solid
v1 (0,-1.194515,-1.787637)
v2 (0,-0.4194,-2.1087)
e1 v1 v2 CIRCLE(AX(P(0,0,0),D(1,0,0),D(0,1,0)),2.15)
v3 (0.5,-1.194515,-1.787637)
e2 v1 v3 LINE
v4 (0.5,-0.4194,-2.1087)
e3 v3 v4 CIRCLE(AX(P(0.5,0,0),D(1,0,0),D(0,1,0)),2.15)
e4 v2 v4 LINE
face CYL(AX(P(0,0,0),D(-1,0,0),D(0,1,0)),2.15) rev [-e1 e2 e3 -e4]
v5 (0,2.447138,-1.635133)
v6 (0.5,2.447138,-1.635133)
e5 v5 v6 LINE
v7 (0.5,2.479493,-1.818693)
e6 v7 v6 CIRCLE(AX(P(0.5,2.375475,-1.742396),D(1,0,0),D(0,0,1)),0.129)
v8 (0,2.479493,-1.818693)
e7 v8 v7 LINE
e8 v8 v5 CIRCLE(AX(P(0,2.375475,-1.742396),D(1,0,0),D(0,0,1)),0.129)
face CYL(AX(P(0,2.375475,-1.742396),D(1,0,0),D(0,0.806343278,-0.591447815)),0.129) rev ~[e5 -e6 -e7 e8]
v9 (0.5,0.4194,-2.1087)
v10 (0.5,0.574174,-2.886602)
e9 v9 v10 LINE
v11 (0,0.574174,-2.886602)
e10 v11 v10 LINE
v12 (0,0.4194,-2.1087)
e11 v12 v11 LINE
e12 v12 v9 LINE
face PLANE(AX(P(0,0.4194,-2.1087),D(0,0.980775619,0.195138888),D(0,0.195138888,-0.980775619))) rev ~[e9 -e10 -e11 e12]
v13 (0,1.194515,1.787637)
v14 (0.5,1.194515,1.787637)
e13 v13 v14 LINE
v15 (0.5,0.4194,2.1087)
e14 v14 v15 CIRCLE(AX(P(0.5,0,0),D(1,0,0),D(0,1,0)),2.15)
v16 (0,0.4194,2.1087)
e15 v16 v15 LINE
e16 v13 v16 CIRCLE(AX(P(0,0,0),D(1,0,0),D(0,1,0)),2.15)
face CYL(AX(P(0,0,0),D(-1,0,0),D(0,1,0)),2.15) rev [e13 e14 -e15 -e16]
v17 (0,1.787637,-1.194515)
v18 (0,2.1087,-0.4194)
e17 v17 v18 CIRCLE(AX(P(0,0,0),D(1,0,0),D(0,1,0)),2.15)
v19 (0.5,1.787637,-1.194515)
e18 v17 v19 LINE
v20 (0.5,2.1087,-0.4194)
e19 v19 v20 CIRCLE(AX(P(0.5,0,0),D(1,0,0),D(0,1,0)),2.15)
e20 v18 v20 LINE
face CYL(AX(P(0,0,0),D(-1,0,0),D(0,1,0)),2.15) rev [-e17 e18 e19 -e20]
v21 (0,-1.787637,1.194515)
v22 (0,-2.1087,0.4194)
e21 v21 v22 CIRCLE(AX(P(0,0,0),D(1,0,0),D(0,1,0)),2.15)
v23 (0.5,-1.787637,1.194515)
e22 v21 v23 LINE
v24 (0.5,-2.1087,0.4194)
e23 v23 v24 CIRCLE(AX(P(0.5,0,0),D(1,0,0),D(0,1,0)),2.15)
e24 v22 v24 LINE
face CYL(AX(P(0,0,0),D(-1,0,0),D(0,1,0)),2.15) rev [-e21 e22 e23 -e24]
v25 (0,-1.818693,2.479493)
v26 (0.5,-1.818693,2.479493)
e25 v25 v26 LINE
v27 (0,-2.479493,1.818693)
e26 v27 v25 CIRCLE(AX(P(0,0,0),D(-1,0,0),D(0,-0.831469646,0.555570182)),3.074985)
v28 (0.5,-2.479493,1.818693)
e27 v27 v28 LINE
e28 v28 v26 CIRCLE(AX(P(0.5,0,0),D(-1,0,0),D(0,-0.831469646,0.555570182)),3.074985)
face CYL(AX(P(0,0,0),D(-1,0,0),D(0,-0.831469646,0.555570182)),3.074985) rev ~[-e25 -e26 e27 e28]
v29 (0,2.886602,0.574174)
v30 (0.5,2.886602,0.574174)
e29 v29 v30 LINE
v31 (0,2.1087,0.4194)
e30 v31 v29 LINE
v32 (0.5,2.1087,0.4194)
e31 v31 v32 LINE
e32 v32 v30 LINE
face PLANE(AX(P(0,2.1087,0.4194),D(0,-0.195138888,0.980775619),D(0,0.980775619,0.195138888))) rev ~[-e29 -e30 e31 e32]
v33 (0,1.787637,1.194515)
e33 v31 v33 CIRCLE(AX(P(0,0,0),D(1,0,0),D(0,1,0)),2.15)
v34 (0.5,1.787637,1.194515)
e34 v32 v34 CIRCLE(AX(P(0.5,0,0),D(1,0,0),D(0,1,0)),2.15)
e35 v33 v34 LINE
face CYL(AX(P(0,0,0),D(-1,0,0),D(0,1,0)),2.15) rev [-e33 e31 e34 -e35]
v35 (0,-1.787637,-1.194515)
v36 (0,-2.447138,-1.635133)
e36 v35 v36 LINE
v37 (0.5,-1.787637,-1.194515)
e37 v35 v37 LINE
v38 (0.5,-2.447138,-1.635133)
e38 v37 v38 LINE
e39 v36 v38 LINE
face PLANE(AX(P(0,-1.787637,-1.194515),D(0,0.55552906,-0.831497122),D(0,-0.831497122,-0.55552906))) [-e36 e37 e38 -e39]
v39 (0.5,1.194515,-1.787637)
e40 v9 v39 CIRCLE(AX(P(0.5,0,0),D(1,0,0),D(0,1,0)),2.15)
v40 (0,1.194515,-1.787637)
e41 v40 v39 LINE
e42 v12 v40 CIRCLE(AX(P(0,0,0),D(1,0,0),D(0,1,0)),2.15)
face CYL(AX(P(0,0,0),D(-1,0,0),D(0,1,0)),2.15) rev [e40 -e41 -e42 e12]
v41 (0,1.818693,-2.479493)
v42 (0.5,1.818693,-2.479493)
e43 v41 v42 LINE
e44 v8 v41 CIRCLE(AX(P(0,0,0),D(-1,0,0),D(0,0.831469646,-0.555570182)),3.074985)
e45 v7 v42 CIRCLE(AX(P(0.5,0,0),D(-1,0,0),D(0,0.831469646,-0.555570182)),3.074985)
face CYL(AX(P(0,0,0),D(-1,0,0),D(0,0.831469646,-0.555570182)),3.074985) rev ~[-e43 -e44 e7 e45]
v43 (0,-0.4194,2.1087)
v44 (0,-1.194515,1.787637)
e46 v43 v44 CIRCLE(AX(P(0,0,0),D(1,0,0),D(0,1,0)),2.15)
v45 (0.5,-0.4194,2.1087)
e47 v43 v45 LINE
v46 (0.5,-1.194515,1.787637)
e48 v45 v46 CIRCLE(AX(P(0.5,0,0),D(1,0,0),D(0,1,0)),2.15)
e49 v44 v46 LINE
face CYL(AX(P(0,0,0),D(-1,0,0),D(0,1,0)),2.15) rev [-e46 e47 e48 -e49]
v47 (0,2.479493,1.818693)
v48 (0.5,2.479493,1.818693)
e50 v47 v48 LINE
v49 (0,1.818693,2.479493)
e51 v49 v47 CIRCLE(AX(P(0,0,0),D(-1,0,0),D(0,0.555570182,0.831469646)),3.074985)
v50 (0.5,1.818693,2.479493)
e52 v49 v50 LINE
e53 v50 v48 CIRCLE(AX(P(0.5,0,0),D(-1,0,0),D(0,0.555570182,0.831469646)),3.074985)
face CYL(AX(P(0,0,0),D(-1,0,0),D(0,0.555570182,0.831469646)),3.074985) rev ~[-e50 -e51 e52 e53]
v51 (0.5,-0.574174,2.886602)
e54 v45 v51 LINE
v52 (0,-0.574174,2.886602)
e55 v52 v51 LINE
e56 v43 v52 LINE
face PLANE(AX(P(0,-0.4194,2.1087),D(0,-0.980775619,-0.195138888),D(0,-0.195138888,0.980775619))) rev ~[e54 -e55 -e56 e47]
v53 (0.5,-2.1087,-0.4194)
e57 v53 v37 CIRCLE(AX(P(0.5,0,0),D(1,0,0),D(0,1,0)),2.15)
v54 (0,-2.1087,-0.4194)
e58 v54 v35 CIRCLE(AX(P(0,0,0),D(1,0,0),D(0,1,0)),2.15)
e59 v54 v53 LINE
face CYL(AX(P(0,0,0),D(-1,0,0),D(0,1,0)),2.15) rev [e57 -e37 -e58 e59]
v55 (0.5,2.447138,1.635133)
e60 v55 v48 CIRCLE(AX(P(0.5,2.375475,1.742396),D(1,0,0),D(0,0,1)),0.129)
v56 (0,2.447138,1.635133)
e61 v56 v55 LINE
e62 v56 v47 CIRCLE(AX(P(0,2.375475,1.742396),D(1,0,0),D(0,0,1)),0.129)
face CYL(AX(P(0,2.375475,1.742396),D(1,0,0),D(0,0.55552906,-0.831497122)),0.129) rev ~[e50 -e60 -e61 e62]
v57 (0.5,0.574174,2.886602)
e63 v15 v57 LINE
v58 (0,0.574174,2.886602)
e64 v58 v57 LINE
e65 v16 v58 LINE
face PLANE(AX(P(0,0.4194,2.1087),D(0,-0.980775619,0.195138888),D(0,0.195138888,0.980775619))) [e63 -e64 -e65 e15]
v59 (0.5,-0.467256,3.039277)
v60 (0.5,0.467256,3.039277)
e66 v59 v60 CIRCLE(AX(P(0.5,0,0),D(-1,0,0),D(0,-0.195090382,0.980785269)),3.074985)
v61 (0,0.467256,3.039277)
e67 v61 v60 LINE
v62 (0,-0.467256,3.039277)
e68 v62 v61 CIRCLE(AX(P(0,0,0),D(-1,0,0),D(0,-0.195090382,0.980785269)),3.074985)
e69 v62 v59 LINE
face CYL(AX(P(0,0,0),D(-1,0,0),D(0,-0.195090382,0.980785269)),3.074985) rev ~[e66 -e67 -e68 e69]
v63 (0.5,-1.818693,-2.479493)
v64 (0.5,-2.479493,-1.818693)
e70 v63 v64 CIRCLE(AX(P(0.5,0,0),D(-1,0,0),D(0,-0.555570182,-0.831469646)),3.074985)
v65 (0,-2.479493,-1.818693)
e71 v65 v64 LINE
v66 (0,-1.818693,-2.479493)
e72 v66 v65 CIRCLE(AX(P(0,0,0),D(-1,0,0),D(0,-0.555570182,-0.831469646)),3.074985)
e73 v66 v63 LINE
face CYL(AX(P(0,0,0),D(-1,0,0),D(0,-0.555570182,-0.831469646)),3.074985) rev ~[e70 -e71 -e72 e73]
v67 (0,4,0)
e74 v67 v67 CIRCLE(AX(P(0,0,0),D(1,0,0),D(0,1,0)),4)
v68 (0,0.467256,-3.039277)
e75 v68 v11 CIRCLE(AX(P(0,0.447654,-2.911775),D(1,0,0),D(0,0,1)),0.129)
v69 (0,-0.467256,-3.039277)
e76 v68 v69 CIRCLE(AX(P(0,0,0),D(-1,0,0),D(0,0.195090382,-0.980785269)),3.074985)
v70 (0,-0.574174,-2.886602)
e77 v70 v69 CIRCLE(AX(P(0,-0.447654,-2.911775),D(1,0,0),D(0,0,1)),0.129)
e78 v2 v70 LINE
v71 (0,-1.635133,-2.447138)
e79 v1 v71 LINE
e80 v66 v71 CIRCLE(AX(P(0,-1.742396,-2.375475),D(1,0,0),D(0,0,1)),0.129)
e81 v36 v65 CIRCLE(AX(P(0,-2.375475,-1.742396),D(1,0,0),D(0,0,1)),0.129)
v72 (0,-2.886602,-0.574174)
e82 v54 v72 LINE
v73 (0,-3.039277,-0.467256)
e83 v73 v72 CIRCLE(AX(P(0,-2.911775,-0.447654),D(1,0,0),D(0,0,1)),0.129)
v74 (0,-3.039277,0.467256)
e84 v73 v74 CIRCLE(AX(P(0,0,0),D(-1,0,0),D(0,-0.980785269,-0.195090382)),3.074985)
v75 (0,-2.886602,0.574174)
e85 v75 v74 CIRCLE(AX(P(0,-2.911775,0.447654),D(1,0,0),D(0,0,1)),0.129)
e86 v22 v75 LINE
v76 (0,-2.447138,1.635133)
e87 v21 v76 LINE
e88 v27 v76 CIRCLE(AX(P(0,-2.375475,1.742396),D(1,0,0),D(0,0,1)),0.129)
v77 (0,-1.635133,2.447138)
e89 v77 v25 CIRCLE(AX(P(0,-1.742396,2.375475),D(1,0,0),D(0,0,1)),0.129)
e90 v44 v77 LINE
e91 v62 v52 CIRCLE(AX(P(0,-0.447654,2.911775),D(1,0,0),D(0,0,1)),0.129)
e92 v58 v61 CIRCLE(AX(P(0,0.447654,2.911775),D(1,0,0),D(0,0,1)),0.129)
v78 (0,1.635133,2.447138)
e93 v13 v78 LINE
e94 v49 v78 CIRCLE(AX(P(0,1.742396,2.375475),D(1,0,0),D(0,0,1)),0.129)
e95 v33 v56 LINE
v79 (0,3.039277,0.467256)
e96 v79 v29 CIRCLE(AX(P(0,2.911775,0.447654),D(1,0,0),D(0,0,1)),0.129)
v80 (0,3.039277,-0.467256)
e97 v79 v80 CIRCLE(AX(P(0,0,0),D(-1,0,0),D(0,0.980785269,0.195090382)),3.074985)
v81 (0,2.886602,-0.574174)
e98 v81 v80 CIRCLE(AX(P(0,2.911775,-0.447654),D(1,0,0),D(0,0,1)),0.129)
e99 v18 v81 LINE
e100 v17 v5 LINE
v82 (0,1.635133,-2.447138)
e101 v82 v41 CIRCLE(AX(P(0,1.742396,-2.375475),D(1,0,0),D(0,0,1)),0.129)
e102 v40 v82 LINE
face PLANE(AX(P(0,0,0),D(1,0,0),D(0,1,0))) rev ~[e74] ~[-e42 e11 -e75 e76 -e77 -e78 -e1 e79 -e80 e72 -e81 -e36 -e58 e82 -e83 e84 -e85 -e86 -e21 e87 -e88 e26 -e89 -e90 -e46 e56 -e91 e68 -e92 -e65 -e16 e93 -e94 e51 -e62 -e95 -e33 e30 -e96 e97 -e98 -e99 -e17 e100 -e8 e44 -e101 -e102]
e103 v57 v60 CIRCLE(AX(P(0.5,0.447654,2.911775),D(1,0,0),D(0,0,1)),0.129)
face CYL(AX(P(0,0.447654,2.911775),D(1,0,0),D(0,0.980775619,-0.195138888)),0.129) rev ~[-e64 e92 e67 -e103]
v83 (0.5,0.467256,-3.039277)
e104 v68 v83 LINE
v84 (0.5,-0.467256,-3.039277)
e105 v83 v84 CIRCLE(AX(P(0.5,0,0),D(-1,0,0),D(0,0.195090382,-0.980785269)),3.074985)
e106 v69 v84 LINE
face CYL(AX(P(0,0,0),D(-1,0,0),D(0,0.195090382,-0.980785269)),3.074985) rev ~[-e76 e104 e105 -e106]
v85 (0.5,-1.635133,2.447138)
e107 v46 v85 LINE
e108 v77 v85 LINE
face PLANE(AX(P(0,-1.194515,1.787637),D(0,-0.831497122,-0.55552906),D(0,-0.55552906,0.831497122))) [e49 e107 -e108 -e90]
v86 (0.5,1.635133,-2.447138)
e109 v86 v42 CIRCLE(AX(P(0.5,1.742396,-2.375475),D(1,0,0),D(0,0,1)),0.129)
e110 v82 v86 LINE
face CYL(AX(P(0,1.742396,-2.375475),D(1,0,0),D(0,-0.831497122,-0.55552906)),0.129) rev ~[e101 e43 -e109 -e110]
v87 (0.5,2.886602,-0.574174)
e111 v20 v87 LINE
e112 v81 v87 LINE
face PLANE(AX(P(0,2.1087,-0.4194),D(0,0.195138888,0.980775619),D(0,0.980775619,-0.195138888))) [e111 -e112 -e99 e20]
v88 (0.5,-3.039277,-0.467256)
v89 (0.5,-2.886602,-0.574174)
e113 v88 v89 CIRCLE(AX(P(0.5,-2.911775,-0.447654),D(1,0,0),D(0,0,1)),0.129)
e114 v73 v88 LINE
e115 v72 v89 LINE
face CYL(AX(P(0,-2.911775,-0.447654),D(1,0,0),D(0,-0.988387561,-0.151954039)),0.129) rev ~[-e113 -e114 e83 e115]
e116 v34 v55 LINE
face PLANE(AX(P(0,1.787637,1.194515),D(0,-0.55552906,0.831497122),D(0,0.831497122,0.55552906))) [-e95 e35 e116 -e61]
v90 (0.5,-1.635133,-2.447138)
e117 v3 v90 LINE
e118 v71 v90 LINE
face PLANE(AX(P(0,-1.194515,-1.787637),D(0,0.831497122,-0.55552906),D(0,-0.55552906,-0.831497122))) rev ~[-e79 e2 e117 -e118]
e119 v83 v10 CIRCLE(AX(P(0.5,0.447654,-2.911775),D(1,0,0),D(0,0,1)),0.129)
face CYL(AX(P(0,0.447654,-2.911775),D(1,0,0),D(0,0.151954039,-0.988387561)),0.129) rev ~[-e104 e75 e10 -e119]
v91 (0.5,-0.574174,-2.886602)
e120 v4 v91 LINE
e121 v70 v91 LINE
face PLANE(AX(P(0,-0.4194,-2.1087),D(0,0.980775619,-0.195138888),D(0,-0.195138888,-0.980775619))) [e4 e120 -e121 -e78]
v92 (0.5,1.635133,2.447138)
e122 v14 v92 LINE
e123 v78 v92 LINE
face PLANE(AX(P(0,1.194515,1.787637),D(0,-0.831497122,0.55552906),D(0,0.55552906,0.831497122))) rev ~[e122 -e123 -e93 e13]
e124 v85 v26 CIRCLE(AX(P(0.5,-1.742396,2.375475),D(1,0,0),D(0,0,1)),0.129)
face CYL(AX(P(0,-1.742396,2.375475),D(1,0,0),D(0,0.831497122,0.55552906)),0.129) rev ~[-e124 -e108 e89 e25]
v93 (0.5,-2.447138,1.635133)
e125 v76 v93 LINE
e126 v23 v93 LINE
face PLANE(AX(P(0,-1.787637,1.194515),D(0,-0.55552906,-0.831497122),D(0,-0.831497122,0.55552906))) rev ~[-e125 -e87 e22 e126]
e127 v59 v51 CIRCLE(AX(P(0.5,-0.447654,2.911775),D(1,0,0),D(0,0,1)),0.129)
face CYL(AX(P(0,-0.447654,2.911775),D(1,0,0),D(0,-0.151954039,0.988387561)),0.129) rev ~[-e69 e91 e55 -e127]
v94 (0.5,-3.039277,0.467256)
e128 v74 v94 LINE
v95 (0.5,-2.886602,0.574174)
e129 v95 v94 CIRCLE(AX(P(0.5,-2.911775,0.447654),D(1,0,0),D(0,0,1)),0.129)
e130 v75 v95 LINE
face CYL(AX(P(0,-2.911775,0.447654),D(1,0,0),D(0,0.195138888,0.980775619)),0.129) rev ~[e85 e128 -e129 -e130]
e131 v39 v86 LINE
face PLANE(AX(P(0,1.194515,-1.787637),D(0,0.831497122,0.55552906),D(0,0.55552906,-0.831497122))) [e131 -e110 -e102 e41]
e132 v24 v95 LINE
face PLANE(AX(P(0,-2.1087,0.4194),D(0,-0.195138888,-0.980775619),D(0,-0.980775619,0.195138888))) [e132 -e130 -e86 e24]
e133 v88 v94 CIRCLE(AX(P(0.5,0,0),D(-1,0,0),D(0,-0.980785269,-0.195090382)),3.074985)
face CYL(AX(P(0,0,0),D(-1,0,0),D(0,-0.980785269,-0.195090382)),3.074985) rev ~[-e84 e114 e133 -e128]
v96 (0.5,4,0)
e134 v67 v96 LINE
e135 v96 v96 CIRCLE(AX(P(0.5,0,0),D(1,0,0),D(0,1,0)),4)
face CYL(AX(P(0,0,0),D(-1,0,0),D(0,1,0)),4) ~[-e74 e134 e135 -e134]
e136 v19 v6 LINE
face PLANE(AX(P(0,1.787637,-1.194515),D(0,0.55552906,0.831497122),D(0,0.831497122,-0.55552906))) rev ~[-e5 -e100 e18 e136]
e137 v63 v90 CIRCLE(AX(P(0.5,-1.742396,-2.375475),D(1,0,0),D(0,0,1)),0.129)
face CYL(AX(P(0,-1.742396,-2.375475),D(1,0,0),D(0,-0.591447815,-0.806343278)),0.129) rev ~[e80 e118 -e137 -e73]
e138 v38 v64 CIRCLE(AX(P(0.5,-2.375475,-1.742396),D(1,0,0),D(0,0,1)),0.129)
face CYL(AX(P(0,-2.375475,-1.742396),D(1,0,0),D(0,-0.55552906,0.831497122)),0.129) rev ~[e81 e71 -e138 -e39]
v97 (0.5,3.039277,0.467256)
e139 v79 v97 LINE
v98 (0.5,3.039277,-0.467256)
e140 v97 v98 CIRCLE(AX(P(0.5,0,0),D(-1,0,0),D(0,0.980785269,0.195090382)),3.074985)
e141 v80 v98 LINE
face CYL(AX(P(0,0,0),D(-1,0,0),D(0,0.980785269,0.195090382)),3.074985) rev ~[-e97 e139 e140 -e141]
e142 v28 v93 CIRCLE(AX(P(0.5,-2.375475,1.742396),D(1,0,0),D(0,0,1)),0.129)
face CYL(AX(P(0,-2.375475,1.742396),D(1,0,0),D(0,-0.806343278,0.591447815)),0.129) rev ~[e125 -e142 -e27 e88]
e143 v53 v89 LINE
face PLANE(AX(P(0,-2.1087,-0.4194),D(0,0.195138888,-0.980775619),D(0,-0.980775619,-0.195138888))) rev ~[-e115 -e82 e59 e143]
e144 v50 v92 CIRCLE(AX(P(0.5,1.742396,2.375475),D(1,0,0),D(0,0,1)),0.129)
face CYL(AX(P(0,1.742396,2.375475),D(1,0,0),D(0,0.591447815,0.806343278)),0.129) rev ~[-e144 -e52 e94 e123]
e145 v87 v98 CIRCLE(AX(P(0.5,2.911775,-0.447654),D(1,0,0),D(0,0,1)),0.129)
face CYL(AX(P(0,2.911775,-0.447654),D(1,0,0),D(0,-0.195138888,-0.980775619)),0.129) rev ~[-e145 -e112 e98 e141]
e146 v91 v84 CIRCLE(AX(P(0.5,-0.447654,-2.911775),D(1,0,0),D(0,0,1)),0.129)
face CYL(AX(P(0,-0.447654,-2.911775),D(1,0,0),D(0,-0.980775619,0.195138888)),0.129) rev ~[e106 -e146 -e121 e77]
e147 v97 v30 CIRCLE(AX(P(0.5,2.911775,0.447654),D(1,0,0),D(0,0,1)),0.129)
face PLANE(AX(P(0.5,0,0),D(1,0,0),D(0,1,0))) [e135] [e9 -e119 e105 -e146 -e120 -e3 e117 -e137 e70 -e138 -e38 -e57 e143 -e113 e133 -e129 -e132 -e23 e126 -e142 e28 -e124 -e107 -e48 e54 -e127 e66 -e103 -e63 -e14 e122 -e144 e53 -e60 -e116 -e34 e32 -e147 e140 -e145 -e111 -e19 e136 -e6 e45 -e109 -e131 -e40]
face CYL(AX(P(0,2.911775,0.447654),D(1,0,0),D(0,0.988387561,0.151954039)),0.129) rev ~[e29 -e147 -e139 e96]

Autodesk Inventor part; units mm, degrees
ref_plane "YZ Plane" through (0, 0, 0) normal (1, 0, 0) x (0, 1, 0)
ref_plane "XZ Plane" through (0, 0, 0) normal (0, 1, 0) x (-1, 0, 0)
sketch "Sketch1" plane through (0, 0, 0) normal (1, 0, 0) x (0, 1, 0)
  circle A0 centre (0, 0) radius 4
  circle A1 centre (0, 0) radius 2.15
  dimension "d0" = 8
  dimension "d1" = 4.3
extrude "Body" add sketch "Sketch1" along normal blind 0.5
sketch "Sketch2" plane through (0, 0, 0) normal (-1, 0, 0) x (0, 0, 1)
  circle A0 centre (0, 0) radius 2.15 projected
  circle A1 centre (0, 0) radius 4 projected
  arc A2 (0.5999, 3.0159) -> (-0.5999, 3.0159) centre (0, 0) ccw
  line L0 (-0.4194, 2.1087) -> (-0.5999, 3.0159)
  line L1 (0, 0) -> (0, 3.075) construction
  line L2 (0.4194, 2.1087) -> (0.5999, 3.0159)
  line L3 (-0.4194, 2.1087) -> (0, 0) construction
  line L4 (0.4194, 2.1087) -> (0, 0) construction
  dimension "d4" = 6.15
  dimension "d5" = 11.25
extrude "Cut" cut sketch "Sketch2" against normal blind 0.5 contours A0 L0 A2 L2
fillet "Fillet1" radius 0.129 2 edges at (0.25, 3.0159, 0.5999) (0.25, 3.0159, -0.5999)
pattern_circular "Cuts" count 8 over 360 about axis through (-10, 0, 0) along (1, 0, 0) of "Cut", "Fillet1"
ref_plane "Work Plane1" through (0, 0, 0) normal (0, 1, 0) x (1, 0, 0)
equation "\"d0\" = SD2"
equation "\"d1\" = SD1"
equation "\"d2\" = SD"
equation "\"d4\" = 0.5 * SD2 + 0.5 * SD1"
equation "\"d6\" = SD"
equation "\"d8\" = 0.03 * SD1"
equation "\"SD1\" = 4.3"
equation "\"SD2\" = 8"
equation "\"SD\" = 0.5"
equation "\"NND\" = 4"
properties part number "DIN 6797 - J 4.3" material "Steel, Mild"
